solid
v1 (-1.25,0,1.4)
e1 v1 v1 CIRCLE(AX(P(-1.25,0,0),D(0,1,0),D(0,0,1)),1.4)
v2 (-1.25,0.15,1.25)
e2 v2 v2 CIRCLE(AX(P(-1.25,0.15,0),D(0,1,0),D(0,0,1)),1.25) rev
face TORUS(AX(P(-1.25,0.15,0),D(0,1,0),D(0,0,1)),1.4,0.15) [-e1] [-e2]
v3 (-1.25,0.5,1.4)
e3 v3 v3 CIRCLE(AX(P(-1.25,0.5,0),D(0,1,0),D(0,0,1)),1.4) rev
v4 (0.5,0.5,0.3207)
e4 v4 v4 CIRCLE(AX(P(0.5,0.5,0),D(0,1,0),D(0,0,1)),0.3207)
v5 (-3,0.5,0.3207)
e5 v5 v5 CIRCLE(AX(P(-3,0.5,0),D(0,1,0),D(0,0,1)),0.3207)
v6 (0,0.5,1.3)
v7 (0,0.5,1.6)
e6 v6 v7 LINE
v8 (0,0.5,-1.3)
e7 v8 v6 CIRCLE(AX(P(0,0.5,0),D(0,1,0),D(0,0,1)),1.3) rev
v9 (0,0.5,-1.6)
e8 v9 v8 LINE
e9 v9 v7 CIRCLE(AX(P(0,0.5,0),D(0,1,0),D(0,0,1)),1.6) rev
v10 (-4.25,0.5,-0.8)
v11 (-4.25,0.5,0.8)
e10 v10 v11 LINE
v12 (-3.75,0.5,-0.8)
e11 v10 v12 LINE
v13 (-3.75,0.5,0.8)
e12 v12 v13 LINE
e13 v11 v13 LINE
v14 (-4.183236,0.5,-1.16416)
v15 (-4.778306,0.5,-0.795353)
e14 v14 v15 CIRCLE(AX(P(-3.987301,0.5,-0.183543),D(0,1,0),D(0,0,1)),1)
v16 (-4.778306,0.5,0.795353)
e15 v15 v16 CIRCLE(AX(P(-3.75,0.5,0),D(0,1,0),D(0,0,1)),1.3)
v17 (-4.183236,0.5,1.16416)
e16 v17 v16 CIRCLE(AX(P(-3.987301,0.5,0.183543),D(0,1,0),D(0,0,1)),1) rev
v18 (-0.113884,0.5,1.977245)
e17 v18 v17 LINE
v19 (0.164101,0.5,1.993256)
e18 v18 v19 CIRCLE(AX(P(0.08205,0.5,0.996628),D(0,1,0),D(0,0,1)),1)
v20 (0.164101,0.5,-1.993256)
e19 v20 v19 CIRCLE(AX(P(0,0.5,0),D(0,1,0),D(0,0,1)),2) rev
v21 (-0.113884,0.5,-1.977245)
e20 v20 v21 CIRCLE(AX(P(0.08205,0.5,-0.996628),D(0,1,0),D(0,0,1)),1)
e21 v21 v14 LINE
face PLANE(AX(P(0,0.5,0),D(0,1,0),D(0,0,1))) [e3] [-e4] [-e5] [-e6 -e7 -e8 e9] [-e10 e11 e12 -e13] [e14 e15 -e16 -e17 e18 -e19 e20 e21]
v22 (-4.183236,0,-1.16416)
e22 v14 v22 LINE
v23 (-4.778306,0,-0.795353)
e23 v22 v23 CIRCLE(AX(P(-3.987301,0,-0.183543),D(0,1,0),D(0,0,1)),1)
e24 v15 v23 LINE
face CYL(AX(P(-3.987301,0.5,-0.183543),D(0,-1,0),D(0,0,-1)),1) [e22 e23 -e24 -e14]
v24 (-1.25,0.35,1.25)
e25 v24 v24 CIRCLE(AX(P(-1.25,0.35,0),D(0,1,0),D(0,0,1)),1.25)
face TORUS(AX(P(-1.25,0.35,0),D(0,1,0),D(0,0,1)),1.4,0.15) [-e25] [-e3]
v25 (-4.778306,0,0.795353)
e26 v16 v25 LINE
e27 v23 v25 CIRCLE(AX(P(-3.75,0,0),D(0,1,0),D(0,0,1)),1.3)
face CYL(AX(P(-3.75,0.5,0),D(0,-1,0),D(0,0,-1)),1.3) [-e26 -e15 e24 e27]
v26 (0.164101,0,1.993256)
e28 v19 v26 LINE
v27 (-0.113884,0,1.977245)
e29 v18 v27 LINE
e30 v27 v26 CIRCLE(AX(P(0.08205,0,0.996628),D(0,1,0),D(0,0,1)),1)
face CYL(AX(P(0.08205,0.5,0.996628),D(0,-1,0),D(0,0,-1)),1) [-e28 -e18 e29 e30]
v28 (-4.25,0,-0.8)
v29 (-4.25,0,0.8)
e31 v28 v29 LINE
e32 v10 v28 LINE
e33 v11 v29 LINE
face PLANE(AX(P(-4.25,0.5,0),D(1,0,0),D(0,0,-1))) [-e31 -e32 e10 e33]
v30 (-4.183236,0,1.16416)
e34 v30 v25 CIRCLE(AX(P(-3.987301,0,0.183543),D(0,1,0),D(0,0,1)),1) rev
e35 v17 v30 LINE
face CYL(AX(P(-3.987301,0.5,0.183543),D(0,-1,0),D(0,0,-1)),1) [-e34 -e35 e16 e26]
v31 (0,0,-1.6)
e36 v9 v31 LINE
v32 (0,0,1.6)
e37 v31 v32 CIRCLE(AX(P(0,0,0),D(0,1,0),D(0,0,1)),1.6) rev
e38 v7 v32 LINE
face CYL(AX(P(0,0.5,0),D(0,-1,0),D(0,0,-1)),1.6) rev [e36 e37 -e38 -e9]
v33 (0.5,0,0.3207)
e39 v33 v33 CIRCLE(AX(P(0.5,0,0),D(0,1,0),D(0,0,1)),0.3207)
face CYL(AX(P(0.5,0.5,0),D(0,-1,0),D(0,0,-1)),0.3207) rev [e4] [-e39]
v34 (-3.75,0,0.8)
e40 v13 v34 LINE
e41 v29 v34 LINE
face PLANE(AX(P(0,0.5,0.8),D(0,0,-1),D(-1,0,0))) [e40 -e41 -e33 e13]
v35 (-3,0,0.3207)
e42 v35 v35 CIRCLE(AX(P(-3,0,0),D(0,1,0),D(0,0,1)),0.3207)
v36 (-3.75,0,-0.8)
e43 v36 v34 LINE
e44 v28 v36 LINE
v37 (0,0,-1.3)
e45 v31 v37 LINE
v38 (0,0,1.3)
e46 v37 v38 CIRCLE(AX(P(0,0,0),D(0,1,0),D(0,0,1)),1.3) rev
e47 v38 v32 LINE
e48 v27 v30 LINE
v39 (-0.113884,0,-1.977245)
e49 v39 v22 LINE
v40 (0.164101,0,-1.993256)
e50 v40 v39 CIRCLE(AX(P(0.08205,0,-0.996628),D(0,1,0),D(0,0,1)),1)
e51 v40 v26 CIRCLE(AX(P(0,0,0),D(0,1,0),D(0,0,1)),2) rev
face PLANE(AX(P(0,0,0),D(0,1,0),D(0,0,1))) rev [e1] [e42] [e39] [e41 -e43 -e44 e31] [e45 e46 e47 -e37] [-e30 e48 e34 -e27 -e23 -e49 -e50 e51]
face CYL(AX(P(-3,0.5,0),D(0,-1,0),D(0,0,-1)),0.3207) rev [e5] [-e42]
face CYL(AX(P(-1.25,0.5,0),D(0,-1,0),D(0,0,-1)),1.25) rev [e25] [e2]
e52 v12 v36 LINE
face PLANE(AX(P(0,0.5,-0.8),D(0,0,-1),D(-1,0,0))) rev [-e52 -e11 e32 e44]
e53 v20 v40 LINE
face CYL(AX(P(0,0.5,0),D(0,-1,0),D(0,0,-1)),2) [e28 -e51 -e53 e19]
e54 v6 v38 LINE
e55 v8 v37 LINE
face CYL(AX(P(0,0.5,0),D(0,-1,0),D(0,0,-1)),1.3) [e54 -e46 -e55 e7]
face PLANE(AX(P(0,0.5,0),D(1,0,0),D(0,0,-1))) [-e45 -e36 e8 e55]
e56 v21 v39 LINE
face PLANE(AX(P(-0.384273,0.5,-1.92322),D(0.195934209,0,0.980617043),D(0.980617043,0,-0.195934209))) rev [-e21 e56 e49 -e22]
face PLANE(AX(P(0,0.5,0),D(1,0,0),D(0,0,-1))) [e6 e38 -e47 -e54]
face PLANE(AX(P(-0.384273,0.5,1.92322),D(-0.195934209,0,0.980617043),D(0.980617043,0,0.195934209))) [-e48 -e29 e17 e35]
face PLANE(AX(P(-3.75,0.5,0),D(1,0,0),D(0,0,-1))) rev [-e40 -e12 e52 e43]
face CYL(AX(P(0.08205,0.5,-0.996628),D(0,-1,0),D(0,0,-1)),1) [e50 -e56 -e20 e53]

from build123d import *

# Parameters (mm, degrees)
SKETCH1_R           = 0.32069999999999993
SKETCH1_W           = 0.49999999999999956
SKETCH1_H           = 1.6
SKETCH1_R_2         = 0.3207000000000001
BOSS_EXTRUDE1_DEPTH = 0.5
FILLET3_R           = 0.15


with BuildPart() as part:
    # Sketch1 → Boss-Extrude1 (new body)
    # profile 1 of 2: a face of its own
    with BuildSketch(Plane(origin=(0, 0, 0), x_dir=(1, 0, 0), z_dir=(0, 1, 0))):
        with BuildLine():
            ThreePointArc((0.16410089999999872, 1.9932563547231181), (0.02454856527933624, 1.9949735752626254), (-0.11388375906019726, 1.9772452208459481))
            Line((-0.11388375906019724, 1.9772452208459481), (-1.2499999999996807, 1.7502411741825006))
            Line((-1.2499999999996807, 1.7502411741825006), (-1.2499999999996807, 1.2499999999996991))
            ThreePointArc((-1.2499999999996807, 1.2499999999996991), (-0.3661165235167134, 0.8838834764829733), (1.221e-14, 6.11e-15))
            ThreePointArc((1.221e-14, 5.8e-15), (-0.36611652351671364, -0.8838834764829614), (-1.249999999999681, -1.2499999999996867))
            Line((-1.2499999999996807, -1.249999999999687), (-1.2499999999996805, -1.7502411741825006))
            Line((-1.2499999999996805, -1.7502411741825006), (-0.11388375997143456, -1.9772452206638764))
            ThreePointArc((-0.11388375997143454, -1.9772452206638764), (0.02454856391169549, -1.9949735750542663), (0.16410089817752455, -1.9932563546160664))
            ThreePointArc((0.16410089817752457, -1.9932563546160669), (2.0000000001183995, -7.8577381e-10), (0.16410089999999872, 1.9932563547231181))
        make_face()
        with Locations(Location((0.5, 0, 0), (0, 0, 270))):
            Circle(SKETCH1_R, mode=Mode.SUBTRACT)
        with BuildLine():
            Line((-1.058207e-11, 1.3000000001285459), (-1.058197e-11, 1.6000000001285462))
            ThreePointArc((-1.058197e-11, 1.6000000001285457), (1.5999999999894177, 1.2854606e-10), (-1.058164e-11, -1.599999999871454))
            Line((-1.058197e-11, -1.599999999871454), (-1.058207e-11, -1.299999999871454))
            ThreePointArc((-1.058171e-11, -1.299999999871454), (1.2999999999894176, 1.2854607e-10), (-1.058207e-11, 1.3000000001285457))
        make_face(mode=Mode.SUBTRACT)
    # profile 2 of 2: a face of its own
    with BuildSketch(Plane(origin=(0, 0, 0), x_dir=(1, 0, 0), z_dir=(0, 1, 0))):
        with BuildLine():
            Line((-1.2499999999996807, 1.2499999999996991), (-1.2499999999996807, 1.7502411741825006))
            Line((-1.2499999999996807, 1.7502411741825006), (-4.1832356905240005, 1.1641599726532808))
            ThreePointArc((-4.1832356905240005, 1.1641599726532808), (-4.514100230865791, 1.0335329749029736), (-4.778306419676481, 0.7953526936222303))
            ThreePointArc((-4.778306419676481, 0.7953526936222305), (-5.05, -4.7e-16), (-4.778306419676481, -0.7953526936222314))
            ThreePointArc((-4.778306419676481, -0.7953526936222312), (-4.514100230865791, -1.033532974902974), (-4.1832356905240005, -1.1641599726532812))
            Line((-4.1832356905240005, -1.164159972653281), (-1.2499999999996805, -1.7502411741825006))
            Line((-1.2499999999996805, -1.7502411741825006), (-1.2499999999996807, -1.249999999999687))
            ThreePointArc((-1.249999999999681, -1.2499999999996867), (-2.499999999999374, 6.26e-15), (-1.2499999999996807, 1.2499999999996991))
        make_face()
        with Locations((-4, 0)):
            Rectangle(SKETCH1_W, SKETCH1_H, mode=Mode.SUBTRACT)
        with Locations(Location((-3, 0, 0), (0, 0, 270))):
            Circle(SKETCH1_R_2, mode=Mode.SUBTRACT)
    extrude(amount=BOSS_EXTRUDE1_DEPTH)

    # Fillet3
    fillet3_edges = [part.edges().sort_by_distance(p)[0] for p in [
        (-1.2499999999996816, 0, 1.2499999999996865),
        (-1.2499999999996807, 0.5, 1.249999999999687),
    ]]
    fillet(fillet3_edges, radius=FILLET3_R)


solid = part.part
